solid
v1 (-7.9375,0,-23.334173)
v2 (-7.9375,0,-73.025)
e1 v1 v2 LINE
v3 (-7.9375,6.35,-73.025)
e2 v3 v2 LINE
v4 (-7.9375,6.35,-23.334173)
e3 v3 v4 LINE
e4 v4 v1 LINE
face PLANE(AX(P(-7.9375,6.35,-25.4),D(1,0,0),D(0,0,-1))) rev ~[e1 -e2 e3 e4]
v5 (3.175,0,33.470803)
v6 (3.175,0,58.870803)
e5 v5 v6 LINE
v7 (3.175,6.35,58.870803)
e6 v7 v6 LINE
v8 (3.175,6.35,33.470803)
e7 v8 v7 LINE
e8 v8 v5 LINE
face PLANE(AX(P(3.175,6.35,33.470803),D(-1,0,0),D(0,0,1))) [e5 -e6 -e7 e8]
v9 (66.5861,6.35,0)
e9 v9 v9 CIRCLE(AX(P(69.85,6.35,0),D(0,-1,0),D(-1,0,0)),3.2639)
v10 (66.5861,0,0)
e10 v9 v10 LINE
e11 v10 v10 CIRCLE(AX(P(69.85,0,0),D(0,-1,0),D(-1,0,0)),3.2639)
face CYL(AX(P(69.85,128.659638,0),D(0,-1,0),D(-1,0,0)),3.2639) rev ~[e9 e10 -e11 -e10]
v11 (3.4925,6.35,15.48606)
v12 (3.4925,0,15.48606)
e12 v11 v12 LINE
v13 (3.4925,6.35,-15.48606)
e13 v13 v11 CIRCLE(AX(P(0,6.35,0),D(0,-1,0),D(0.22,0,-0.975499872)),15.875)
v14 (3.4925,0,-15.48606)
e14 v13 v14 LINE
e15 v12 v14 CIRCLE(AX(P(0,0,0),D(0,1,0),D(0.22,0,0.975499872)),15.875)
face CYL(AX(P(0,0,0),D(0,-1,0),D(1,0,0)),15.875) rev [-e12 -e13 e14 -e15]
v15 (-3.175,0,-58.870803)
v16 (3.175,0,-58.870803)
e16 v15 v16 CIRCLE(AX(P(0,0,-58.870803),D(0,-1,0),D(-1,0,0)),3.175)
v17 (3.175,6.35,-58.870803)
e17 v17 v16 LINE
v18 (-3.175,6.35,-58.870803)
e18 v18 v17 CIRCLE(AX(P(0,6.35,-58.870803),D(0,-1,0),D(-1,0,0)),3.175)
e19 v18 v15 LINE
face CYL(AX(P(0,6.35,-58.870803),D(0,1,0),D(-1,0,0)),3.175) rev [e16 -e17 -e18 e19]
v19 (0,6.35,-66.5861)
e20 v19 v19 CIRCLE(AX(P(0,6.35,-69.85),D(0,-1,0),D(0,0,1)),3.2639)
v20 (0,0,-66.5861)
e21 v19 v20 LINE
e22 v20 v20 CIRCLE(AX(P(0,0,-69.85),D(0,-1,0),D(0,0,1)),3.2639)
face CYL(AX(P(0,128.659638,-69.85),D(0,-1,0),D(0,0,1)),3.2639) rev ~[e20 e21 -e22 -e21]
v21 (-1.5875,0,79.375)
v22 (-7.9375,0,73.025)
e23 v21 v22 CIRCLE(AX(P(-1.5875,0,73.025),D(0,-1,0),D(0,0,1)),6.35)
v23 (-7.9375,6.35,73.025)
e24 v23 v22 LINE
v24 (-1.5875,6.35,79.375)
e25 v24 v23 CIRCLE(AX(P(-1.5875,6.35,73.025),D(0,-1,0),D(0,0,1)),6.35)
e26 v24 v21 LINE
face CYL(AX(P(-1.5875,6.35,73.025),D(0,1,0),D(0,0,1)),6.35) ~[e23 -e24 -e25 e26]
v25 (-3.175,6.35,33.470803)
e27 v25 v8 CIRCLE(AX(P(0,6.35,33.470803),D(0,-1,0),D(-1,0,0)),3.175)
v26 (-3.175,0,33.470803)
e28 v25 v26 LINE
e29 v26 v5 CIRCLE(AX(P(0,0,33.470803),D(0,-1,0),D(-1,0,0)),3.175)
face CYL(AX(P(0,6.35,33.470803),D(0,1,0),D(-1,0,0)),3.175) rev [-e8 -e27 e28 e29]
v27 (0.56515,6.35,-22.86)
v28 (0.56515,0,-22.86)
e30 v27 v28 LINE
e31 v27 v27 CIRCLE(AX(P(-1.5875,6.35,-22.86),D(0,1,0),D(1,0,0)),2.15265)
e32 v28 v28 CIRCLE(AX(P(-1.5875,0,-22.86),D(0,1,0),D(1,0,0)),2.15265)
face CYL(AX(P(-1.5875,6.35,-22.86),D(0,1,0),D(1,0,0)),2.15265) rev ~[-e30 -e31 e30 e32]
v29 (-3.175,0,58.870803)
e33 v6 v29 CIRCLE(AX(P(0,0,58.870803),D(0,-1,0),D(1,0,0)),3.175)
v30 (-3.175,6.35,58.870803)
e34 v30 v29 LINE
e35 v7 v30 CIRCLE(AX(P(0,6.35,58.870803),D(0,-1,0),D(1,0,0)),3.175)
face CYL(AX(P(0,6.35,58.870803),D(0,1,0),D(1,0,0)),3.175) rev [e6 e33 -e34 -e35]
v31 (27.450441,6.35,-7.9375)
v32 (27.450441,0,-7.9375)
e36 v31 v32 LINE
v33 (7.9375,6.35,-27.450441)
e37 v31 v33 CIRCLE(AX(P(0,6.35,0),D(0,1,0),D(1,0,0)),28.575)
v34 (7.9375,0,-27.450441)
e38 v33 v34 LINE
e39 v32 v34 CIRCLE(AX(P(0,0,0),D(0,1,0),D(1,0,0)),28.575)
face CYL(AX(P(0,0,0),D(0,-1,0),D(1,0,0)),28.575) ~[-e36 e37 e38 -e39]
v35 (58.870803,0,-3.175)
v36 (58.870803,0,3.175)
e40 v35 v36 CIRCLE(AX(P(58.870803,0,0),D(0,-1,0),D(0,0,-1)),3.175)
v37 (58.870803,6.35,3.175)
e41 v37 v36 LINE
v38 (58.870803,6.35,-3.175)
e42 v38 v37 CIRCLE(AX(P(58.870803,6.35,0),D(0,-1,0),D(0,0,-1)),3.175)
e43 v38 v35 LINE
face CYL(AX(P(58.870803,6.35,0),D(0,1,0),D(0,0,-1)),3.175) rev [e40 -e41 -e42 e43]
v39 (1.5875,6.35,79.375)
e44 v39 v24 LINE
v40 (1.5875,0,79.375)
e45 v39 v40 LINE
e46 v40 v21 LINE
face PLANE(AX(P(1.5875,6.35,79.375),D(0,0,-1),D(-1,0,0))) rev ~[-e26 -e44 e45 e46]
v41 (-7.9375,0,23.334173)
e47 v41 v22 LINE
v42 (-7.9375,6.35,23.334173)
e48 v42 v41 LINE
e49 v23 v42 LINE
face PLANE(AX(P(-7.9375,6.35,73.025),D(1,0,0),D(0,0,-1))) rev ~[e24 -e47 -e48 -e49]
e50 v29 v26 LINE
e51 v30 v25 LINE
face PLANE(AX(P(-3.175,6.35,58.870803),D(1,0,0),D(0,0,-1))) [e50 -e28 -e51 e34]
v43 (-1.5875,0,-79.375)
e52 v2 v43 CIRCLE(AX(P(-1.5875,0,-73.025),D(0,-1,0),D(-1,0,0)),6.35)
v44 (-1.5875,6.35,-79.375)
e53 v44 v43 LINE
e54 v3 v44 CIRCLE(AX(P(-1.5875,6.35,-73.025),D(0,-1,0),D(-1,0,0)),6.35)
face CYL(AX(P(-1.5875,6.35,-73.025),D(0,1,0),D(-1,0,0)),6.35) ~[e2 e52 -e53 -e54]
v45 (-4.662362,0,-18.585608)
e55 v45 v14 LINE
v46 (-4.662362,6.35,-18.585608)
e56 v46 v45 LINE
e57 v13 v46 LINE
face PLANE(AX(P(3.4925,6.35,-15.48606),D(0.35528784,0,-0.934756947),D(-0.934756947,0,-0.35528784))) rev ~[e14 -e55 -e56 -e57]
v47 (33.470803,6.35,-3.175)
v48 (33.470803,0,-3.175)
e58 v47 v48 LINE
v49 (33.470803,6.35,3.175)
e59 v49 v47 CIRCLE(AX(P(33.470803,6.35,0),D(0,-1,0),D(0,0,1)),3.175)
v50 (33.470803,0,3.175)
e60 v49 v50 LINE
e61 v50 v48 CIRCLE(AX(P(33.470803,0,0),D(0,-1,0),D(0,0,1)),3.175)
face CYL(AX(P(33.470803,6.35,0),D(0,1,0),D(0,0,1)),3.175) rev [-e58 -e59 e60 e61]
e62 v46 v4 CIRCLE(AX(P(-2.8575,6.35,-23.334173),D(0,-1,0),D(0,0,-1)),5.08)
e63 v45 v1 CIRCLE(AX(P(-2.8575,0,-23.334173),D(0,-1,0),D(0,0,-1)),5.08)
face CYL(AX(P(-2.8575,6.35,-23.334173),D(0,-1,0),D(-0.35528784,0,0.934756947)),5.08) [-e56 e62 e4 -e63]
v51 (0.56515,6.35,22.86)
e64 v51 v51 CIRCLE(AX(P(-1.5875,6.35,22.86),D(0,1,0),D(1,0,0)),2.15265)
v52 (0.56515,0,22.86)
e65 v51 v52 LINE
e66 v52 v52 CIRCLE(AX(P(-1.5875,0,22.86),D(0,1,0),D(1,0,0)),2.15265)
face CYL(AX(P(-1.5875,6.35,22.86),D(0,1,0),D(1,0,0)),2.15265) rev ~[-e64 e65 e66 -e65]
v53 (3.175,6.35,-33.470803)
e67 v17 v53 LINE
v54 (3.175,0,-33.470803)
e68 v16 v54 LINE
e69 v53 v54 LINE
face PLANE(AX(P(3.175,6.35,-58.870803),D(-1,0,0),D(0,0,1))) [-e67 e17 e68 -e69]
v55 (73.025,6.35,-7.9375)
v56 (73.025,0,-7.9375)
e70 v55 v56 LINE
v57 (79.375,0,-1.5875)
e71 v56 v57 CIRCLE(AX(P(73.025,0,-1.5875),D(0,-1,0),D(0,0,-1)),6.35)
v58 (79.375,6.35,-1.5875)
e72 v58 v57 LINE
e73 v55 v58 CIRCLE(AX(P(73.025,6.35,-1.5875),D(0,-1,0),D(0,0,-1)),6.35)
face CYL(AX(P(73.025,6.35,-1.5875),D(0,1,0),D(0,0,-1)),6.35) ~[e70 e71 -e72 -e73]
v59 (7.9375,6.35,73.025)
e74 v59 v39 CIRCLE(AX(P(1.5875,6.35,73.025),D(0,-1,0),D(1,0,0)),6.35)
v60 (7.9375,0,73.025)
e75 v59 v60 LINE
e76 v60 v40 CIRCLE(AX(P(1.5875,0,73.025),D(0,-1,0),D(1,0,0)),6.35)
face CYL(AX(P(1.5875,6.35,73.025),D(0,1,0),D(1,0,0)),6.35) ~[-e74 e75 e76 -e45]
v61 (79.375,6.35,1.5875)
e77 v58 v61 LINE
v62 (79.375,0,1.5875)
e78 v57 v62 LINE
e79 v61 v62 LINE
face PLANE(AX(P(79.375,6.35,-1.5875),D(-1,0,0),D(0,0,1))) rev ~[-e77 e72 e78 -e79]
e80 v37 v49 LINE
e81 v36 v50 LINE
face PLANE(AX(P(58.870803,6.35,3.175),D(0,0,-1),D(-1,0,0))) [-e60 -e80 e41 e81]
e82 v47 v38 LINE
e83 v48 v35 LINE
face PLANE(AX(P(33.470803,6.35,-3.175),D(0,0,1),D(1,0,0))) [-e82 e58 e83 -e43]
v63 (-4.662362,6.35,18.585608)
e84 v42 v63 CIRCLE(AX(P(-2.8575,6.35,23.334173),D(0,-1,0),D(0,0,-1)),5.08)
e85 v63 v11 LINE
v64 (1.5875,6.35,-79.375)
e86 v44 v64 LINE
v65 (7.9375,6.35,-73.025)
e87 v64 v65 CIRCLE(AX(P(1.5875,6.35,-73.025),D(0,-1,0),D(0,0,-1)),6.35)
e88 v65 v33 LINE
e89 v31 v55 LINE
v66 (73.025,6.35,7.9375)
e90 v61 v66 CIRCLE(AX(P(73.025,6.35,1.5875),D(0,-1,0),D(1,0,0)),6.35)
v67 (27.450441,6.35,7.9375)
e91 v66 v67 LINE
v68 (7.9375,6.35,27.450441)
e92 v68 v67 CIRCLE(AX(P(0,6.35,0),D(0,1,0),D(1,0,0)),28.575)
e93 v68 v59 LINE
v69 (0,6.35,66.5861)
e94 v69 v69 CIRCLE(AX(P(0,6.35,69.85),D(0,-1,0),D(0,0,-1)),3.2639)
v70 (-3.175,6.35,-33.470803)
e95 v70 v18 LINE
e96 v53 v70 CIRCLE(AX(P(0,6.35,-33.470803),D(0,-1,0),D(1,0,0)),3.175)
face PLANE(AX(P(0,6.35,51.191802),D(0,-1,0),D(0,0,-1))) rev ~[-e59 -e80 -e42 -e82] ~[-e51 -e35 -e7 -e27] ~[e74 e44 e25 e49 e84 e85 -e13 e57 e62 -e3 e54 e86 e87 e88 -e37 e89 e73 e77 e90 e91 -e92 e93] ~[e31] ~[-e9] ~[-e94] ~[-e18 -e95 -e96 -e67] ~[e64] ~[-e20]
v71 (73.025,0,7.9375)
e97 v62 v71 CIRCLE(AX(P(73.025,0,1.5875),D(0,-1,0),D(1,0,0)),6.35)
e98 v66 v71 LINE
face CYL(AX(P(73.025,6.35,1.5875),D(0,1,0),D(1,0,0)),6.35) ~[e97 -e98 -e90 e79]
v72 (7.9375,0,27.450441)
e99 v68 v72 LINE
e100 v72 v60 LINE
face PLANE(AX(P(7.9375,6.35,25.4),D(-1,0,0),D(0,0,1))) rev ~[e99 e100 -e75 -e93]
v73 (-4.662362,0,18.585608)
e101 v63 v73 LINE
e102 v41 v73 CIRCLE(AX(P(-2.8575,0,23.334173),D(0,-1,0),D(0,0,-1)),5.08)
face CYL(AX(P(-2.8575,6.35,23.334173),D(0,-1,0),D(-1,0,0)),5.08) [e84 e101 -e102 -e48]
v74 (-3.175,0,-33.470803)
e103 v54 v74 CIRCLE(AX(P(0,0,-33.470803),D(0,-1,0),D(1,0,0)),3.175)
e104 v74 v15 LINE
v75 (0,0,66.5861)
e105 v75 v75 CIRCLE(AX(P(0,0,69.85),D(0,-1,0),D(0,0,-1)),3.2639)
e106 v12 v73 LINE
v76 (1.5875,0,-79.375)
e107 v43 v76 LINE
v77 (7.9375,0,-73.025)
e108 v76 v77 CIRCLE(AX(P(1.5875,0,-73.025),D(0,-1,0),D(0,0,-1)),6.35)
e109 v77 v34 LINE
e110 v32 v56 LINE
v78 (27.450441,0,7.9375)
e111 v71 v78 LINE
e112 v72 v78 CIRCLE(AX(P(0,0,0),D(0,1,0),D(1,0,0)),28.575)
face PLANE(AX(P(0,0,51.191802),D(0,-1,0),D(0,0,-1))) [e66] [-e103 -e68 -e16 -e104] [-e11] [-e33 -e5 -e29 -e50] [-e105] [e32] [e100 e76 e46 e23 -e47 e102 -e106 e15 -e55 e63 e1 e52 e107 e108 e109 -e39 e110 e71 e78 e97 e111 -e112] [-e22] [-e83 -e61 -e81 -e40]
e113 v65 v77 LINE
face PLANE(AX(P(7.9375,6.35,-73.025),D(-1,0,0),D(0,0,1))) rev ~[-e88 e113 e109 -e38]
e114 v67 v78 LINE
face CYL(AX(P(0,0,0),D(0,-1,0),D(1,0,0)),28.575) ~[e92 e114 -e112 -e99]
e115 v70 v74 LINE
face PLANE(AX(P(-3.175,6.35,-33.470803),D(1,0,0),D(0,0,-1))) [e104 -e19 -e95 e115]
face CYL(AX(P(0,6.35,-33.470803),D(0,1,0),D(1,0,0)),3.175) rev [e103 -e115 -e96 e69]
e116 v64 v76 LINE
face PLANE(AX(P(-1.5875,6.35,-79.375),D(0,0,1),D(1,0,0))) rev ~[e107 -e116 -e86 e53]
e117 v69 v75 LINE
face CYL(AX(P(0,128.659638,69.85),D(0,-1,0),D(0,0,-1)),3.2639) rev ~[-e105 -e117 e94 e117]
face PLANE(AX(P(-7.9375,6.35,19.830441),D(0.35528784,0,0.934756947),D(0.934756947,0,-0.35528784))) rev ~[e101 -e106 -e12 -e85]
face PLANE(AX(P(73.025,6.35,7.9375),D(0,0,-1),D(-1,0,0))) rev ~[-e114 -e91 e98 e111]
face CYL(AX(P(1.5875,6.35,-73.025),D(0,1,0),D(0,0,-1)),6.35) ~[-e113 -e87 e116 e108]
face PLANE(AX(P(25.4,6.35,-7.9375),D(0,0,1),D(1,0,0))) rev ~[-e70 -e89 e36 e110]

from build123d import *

# Parameters (mm, degrees)
SKETCH1_R                = 28.575
SKETCH1_R_2              = 15.875
BOSS_EXTRUDE1_DEPTH      = 6.35
BOSS_EXTRUDE2_DEPTH      = 6.35
F_0_257_DIAMETER_HOLE1_D = 6.5278
CIRPATTERN1_COUNT        = 4
CUT_EXTRUDE1_DEPTH       = 7.35
FILLET1_R                = 5.08
SKETCH6_R                = 2.15265
CUT_EXTRUDE2_DEPTH       = 7.35


with BuildPart() as part:
    # Sketch1 → Boss-Extrude1 (new body)
    with BuildSketch(Plane(origin=(0, 0, 0), x_dir=(1, 0, 0), z_dir=(0, 1, 0))):
        Circle(SKETCH1_R)
        Circle(SKETCH1_R_2, mode=Mode.SUBTRACT)
    extrude(amount=BOSS_EXTRUDE1_DEPTH)

    # Sketch2 → Boss-Extrude2 (add)
    with BuildSketch(Plane(origin=(0, 6.35, 0), x_dir=(1, 0, 0), z_dir=(0, 1, 0))):
        with BuildLine():
            Line((73.025, -7.9375), (25.4, -7.9375))
            Line((25.4, -7.9375), (25.4, 7.9375))
            Line((25.4, 7.9375), (73.025, 7.9375))
            ThreePointArc((73.025, 7.9375), (77.515128061, 6.077628061), (79.375, 1.5875))
            Line((79.375, 1.5875), (79.375, -1.5875))
            ThreePointArc((79.375, -1.5875), (77.515128061, -6.077628061), (73.025, -7.9375))
        make_face()
        with BuildLine():
            Line((58.870802517, -3.175), (33.470802517, -3.175))
            ThreePointArc((33.470802517, -3.175), (30.295802517, 0), (33.470802517, 3.175))
            Line((33.470802517, 3.175), (58.870802517, 3.175))
            ThreePointArc((58.870802517, 3.175), (62.045802517, 0), (58.870802517, -3.175))
        make_face(mode=Mode.SUBTRACT)
    boss_extrude2 = extrude(amount=-BOSS_EXTRUDE2_DEPTH)

    # F (0.257) Diameter Hole1 (through all)
    with Locations(Plane(origin=(0, 6.35, 0), x_dir=(1, 0, 0), z_dir=(0, 1, 0))):
        with Locations((69.85, 0)):
            f_0_257_diameter_hole1 = Hole(F_0_257_DIAMETER_HOLE1_D / 2)

    # CirPattern1: Boss-Extrude2, F (0.257) Diameter Hole1 ×4 about axis
    cirpattern1_axis = Axis((0, 0, 0), (0, 1, 0))
    for i in range(1, CIRPATTERN1_COUNT):
        add(boss_extrude2.rotate(cirpattern1_axis, i * 360 / CIRPATTERN1_COUNT))
        add(f_0_257_diameter_hole1.rotate(cirpattern1_axis, i * 360 / CIRPATTERN1_COUNT), mode=Mode.SUBTRACT)

    # Sketch5 → Cut-Extrude1 (cut, through all)
    with BuildSketch(Plane(origin=(0, 6.35, 0), x_dir=(1, 0, 0), z_dir=(0, 1, 0))):
        Polygon((-7.9375, 19.830441139), (-7.9375, 27.450441139), (-7.9375, 52.536571615), (-88.152777481, 52.536571615), (-88.152777481, -52.536571615), (-7.9375, -52.536571615), (-7.9375, -27.450441139), (-7.9375, -19.830441139), (3.4925, -15.486060466), (3.4925, 15.486060466), align=None)
    extrude(amount=-CUT_EXTRUDE1_DEPTH, mode=Mode.SUBTRACT)

    # Fillet1
    fillet1_edges = [part.edges().sort_by_distance(p)[0] for p in [
        (-7.9375, 3.175, 19.830441139),
        (-7.9375, 3.175, -19.830441139),
    ]]
    fillet(fillet1_edges, radius=FILLET1_R)

    # Sketch6 → Cut-Extrude2 (cut, through all)
    with BuildSketch(Plane(origin=(0, 6.35, 0), x_dir=(1, 0, 0), z_dir=(0, 1, 0))):
        with Locations((-1.5875, 22.86)):
            Circle(SKETCH6_R)
        with Locations((-1.5875, -22.86)):
            Circle(SKETCH6_R)
    extrude(amount=-CUT_EXTRUDE2_DEPTH, mode=Mode.SUBTRACT)


solid = part.part
